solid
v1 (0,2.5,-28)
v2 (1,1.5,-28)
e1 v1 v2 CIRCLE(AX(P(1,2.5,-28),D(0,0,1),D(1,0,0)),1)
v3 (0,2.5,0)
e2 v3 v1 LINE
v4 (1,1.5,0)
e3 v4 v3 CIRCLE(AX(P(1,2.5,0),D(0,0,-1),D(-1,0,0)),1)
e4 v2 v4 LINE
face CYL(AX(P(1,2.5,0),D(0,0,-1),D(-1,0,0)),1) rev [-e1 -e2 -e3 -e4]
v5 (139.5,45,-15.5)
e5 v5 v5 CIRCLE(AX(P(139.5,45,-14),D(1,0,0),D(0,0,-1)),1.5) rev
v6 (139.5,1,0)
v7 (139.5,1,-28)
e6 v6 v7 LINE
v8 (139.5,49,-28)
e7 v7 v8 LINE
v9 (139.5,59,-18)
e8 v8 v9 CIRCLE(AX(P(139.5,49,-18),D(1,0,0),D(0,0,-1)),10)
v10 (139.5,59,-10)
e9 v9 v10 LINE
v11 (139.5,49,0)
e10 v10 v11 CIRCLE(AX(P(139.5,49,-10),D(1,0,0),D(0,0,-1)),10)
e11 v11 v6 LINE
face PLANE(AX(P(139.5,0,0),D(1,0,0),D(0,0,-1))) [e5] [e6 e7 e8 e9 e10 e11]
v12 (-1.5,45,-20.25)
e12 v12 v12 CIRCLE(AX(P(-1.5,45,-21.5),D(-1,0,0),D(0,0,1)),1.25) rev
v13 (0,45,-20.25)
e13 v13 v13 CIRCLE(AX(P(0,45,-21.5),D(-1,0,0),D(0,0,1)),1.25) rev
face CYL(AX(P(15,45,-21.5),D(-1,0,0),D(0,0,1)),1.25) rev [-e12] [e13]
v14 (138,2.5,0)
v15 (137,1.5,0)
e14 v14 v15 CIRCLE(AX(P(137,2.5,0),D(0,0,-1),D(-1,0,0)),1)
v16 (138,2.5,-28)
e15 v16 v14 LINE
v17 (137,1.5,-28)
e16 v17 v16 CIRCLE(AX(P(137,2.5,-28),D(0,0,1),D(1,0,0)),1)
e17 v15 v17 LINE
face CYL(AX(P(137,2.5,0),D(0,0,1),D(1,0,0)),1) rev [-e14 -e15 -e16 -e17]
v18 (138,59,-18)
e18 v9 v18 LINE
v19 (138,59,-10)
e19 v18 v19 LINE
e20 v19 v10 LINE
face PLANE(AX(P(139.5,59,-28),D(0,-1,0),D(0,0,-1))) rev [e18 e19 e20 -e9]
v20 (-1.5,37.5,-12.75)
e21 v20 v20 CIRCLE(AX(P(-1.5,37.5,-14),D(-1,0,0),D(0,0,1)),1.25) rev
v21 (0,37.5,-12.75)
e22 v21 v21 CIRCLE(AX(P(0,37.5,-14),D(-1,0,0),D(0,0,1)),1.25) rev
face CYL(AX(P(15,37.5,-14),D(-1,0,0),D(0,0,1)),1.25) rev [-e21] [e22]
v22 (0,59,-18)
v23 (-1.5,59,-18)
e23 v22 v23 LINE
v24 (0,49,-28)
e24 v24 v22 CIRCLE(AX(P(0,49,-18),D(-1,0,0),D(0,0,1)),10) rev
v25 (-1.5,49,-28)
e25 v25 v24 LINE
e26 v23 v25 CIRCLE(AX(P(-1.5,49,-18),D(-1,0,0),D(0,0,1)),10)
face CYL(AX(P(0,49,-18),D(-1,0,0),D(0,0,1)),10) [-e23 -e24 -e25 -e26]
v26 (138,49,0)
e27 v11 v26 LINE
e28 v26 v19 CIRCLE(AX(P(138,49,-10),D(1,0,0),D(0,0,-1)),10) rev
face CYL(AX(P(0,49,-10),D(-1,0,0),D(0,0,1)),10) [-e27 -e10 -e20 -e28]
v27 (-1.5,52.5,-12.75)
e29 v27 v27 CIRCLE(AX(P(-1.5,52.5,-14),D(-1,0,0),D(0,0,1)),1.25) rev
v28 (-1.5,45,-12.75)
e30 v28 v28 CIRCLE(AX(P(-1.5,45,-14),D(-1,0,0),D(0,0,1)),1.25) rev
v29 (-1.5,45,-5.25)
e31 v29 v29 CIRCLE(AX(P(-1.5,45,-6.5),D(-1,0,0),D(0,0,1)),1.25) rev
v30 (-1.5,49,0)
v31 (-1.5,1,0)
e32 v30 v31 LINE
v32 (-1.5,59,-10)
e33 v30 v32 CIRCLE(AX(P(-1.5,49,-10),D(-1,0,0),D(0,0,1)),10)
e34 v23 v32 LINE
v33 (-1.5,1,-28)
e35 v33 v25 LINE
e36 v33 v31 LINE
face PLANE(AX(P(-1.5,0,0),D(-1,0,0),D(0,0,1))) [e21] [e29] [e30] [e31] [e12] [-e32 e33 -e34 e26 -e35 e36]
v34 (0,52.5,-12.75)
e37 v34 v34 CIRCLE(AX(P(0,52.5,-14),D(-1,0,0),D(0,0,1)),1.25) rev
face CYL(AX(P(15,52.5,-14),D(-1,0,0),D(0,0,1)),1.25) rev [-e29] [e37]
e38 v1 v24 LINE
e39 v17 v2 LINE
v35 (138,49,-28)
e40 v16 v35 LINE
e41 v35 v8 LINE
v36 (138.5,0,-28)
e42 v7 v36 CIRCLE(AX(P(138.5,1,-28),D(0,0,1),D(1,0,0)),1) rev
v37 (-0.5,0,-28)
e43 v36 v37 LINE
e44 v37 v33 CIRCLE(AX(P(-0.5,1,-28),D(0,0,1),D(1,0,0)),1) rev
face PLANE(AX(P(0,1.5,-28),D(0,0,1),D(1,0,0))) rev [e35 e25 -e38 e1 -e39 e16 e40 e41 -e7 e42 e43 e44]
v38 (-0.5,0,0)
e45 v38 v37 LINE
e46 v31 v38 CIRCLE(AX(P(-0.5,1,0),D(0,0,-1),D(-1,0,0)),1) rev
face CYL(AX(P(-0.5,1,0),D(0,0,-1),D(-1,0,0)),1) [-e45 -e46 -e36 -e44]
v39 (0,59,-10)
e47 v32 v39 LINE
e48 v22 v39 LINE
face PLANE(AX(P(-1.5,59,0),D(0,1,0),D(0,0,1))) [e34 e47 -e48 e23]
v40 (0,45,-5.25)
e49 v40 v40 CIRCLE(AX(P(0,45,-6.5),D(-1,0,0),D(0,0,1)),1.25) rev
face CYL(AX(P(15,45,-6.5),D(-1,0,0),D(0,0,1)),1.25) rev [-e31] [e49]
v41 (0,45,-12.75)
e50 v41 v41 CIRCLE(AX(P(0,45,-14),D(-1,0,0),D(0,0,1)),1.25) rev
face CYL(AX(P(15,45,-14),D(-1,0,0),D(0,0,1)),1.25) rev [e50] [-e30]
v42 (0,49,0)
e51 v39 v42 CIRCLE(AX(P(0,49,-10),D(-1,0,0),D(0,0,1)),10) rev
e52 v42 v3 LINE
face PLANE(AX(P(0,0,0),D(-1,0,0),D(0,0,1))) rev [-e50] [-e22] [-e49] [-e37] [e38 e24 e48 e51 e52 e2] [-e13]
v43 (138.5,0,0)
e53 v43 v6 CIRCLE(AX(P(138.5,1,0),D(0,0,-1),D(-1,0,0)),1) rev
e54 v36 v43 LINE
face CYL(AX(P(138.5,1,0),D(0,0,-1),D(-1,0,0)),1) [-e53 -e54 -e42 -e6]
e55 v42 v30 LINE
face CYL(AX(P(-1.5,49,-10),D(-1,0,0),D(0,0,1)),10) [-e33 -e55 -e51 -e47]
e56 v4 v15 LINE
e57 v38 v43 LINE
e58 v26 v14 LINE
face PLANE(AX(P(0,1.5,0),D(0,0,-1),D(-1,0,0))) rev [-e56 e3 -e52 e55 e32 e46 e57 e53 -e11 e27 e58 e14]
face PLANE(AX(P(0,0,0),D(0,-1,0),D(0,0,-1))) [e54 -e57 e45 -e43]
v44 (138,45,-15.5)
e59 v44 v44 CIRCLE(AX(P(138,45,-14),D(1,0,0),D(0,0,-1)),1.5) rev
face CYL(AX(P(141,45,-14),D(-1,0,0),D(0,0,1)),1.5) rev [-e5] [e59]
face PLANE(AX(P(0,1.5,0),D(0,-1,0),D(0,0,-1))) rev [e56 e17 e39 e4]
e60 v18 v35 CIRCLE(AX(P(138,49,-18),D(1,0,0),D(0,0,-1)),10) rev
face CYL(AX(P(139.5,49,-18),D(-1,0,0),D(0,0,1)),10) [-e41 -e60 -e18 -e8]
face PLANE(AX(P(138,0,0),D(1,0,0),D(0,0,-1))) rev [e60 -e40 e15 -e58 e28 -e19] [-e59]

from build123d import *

# Parameters (mm, degrees)
SKETCH1_W               = 138
SKETCH1_H               = 28
BOSS_EXTRUDE1_DEPTH     = 1.5
SKETCH2_W               = 28
SKETCH2_H               = 59
BOSS_EXTRUDE2_DEPTH     = 1.5
FILLET1_R               = 1
FILLET2_R               = 1
FILLET5_R               = 10
SKETCH3_R               = 1.25
CUT_EXTRUDE1_DEPTH      = 15
CUT_EXTRUDE1_DEPTH_BACK = 15
SKETCH4_W               = 28
SKETCH4_H               = 59
BOSS_EXTRUDE3_DEPTH     = 1.5
FILLET6_R               = 1
FILLET7_R               = 1
SKETCH5_R               = 1.5
CUT_EXTRUDE3_DEPTH      = 1.5
CUT_EXTRUDE3_DEPTH_BACK = 31.5
FILLET10_R              = 10
FILLET11_R              = 10


with BuildPart() as part:
    # Sketch1 → Boss-Extrude1 (new body)
    with BuildSketch(Plane(origin=(0, 0, 0), x_dir=(1, 0, 0), z_dir=(0, 1, 0))):
        with Locations((69, 14)):
            Rectangle(SKETCH1_W, SKETCH1_H)
    extrude(amount=BOSS_EXTRUDE1_DEPTH)

    # Sketch2 → Boss-Extrude2 (add)
    with BuildSketch(Plane(origin=(0, 0, 0), x_dir=(0, 0, -1), z_dir=(1, 0, 0))):
        with Locations((14, 29.5)):
            Rectangle(SKETCH2_W, SKETCH2_H)
    extrude(amount=-BOSS_EXTRUDE2_DEPTH)

    # Fillet1
    fillet1_edges = [part.edges().sort_by_distance(p)[0] for p in [
        (0, 1.5, -14),
    ]]
    fillet(fillet1_edges, radius=FILLET1_R)

    # Fillet2
    fillet2_edges = [part.edges().sort_by_distance(p)[0] for p in [
        (-1.5, 0, -14),
    ]]
    fillet(fillet2_edges, radius=FILLET2_R)

    # Fillet5
    fillet5_edges = [part.edges().sort_by_distance(p)[0] for p in [
        (-0.75, 59, 0),
        (-0.75, 59, -28),
    ]]
    fillet(fillet5_edges, radius=FILLET5_R)

    # Sketch3 → Cut-Extrude1 (cut, two sides)
    with BuildSketch(Plane(origin=(0, 0, 0), x_dir=(0, 0, -1), z_dir=(1, 0, 0))) as cut_extrude1_sk:
        with Locations((14, 52.5)):
            Circle(SKETCH3_R)
        with Locations((6.5, 45)):
            Circle(SKETCH3_R)
        with Locations((14, 45)):
            Circle(SKETCH3_R)
        with Locations((21.5, 45)):
            Circle(SKETCH3_R)
        with Locations((14, 37.5)):
            Circle(SKETCH3_R)
    extrude(amount=CUT_EXTRUDE1_DEPTH, mode=Mode.SUBTRACT)
    extrude(cut_extrude1_sk.sketch, amount=-CUT_EXTRUDE1_DEPTH_BACK, mode=Mode.SUBTRACT)

    # Sketch4 → Boss-Extrude3 (add)
    with BuildSketch(Plane(origin=(138, 0, 0), x_dir=(0, 0, -1), z_dir=(1, 0, 0))):
        with Locations((14, 29.5)):
            Rectangle(SKETCH4_W, SKETCH4_H)
    extrude(amount=BOSS_EXTRUDE3_DEPTH)

    # Fillet6
    fillet6_edges = [part.edges().sort_by_distance(p)[0] for p in [
        (139.5, 0, -14),
    ]]
    fillet(fillet6_edges, radius=FILLET6_R)

    # Fillet7
    fillet7_edges = [part.edges().sort_by_distance(p)[0] for p in [
        (138, 1.5, -14),
    ]]
    fillet(fillet7_edges, radius=FILLET7_R)

    # Sketch5 → Cut-Extrude3 (cut, two sides)
    with BuildSketch(Plane(origin=(139.5, 0, 0), x_dir=(0, 0, -1), z_dir=(1, 0, 0))) as cut_extrude3_sk:
        with Locations((14, 45)):
            Circle(SKETCH5_R)
    extrude(amount=CUT_EXTRUDE3_DEPTH, mode=Mode.SUBTRACT)
    extrude(cut_extrude3_sk.sketch, amount=-CUT_EXTRUDE3_DEPTH_BACK, mode=Mode.SUBTRACT)

    # Fillet10
    fillet10_edges = [part.edges().sort_by_distance(p)[0] for p in [
        (138.75, 59, -28),
    ]]
    fillet(fillet10_edges, radius=FILLET10_R)

    # Fillet11
    fillet11_edges = [part.edges().sort_by_distance(p)[0] for p in [
        (138.75, 59, 0),
    ]]
    fillet(fillet11_edges, radius=FILLET11_R)


solid = part.part
